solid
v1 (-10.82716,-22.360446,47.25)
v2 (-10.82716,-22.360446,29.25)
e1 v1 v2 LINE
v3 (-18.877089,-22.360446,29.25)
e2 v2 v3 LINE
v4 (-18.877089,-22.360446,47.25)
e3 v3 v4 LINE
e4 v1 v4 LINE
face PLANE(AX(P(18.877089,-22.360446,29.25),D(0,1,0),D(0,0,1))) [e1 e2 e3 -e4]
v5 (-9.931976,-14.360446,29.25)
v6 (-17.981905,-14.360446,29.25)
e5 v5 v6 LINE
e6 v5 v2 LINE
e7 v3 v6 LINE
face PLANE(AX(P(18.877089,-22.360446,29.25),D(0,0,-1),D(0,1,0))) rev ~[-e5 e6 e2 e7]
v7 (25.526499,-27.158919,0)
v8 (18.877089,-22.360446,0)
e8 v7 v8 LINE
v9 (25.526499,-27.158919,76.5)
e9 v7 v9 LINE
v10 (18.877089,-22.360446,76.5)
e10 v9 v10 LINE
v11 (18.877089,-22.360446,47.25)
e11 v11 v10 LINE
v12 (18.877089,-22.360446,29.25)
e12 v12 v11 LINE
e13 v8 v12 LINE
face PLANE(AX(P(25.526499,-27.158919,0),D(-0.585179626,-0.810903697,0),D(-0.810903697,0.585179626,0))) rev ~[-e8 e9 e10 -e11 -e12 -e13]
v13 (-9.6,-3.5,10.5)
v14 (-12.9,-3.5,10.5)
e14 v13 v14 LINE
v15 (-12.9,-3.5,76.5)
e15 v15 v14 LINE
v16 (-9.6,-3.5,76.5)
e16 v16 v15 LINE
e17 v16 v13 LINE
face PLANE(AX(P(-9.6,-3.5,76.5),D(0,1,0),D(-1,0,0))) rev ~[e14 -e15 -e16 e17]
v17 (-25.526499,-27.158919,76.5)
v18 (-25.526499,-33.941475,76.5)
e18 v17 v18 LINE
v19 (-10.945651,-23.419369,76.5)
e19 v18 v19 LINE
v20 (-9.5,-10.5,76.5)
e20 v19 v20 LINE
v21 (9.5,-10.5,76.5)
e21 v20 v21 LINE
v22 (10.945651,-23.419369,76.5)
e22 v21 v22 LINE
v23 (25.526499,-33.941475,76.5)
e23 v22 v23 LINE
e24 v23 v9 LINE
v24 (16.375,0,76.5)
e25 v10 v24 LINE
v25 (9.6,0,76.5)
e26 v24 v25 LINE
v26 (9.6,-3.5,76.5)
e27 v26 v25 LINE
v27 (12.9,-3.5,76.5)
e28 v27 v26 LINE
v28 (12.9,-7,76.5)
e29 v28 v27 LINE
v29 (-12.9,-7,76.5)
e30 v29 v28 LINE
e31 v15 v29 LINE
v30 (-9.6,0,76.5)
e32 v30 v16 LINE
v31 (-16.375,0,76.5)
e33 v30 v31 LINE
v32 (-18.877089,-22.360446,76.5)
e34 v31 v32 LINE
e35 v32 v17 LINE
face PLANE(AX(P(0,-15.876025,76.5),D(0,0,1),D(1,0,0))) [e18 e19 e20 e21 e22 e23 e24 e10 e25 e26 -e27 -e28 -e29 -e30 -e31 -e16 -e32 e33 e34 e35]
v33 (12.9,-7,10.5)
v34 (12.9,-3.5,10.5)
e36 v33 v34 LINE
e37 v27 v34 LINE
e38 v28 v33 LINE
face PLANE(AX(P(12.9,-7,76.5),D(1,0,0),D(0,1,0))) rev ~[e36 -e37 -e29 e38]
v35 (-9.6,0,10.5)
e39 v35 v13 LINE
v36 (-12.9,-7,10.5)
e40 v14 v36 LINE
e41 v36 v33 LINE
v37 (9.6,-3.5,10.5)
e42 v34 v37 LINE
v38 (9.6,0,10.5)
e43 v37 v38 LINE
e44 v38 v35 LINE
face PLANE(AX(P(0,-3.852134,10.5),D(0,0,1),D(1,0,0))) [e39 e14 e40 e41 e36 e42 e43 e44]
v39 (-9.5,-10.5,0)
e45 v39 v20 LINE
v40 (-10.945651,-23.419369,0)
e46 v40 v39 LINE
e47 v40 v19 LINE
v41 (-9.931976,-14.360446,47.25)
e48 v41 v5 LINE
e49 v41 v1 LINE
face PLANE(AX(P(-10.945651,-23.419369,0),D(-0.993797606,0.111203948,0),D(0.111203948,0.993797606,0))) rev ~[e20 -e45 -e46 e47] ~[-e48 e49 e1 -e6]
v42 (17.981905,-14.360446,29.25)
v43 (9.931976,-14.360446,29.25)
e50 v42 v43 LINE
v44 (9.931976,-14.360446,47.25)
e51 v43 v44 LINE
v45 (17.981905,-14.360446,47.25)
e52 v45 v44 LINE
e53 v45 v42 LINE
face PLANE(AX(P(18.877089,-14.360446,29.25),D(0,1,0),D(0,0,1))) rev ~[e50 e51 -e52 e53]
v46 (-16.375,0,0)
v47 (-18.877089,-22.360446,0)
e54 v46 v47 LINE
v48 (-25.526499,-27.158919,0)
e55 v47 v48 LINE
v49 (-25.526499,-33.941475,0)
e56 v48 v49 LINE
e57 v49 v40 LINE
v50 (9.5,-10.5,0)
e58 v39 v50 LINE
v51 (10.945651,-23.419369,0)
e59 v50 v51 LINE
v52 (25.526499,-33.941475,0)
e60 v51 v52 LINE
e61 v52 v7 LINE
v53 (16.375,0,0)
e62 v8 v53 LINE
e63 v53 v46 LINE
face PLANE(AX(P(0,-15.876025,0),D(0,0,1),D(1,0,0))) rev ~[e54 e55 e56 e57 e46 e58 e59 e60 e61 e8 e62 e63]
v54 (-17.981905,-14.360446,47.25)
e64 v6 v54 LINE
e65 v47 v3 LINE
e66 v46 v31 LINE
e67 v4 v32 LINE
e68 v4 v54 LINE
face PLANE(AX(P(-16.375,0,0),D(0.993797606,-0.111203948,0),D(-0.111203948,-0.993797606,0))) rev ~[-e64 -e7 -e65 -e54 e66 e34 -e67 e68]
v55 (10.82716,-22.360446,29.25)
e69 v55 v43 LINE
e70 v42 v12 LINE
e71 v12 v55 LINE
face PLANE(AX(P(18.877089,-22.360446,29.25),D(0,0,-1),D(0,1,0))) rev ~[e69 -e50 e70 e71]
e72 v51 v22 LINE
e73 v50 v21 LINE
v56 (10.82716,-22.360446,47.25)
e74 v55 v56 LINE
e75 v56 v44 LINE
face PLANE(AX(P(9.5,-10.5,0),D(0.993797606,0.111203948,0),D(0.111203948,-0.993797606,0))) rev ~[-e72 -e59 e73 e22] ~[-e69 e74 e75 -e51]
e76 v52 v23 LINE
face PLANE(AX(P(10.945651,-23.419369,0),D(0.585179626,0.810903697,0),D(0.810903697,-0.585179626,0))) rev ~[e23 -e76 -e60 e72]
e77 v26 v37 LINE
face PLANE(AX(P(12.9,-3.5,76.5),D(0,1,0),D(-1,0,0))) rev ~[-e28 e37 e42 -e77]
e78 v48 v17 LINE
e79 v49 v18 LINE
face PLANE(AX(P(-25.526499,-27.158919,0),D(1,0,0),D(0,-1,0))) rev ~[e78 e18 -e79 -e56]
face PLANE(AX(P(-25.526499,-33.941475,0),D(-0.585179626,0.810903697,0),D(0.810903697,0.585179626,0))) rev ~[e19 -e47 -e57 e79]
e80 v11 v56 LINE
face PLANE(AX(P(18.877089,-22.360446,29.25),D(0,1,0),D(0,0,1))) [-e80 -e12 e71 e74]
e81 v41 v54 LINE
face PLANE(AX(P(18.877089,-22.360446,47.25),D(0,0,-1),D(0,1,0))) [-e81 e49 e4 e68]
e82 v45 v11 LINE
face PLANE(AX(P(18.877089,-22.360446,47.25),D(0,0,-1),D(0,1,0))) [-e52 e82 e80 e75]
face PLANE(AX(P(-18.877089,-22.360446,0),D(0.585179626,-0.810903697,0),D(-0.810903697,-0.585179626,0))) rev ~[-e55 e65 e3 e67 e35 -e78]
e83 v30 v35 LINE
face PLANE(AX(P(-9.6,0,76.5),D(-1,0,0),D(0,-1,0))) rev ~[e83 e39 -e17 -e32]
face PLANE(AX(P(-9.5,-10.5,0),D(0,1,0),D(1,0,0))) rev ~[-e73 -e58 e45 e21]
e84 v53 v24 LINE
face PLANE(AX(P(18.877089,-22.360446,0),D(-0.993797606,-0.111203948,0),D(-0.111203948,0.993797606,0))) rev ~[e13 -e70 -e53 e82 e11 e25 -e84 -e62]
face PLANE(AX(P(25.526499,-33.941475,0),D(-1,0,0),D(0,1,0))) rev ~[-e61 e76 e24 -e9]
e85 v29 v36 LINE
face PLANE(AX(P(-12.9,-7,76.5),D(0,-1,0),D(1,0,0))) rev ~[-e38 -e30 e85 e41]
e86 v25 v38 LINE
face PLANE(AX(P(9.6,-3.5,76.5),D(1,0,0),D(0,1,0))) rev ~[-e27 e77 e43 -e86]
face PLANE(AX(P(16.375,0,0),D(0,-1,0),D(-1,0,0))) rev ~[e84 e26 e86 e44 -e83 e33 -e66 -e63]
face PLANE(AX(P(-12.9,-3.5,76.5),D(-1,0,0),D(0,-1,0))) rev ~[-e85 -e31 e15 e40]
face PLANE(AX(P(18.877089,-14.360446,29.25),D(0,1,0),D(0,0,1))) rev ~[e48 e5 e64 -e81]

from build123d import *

# Parameters (mm, degrees)
F1_DEPTH = 76.5
F3_DEPTH = 66
F5_W     = 8
F5_H     = 18
F6_DEPTH = 44.4045879922


with BuildPart() as f1:
    # F0 (on Top) → F1 (new body)
    with BuildSketch(Plane.XY):
        Polygon((18.8770888389, -22.3604461369), (16.375, 0), (0, 0), (-16.375, 0), (-18.8770888389, -22.3604461369), (-25.5264991533, -27.1589190681), (-25.5264991533, -33.9414753953), (-10.9456513292, -23.4193688791), (-9.5, -10.5), (0, -10.5), (9.5, -10.5), (10.9456513292, -23.4193688791), (25.5264991533, -33.9414753953), (25.5264991533, -27.1589190681), align=None)
    extrude(amount=F1_DEPTH)

    # F2 (on face) → F3 (cut)
    with BuildSketch(Plane.XY.offset(76.5)):
        Polygon((9.6, 0), (-9.6, 0), (-9.6, -3.5), (-12.9, -3.5), (-12.9, -7), (12.9, -7), (12.9, -3.5), (9.6, -3.5), align=None)
    extrude(amount=-F3_DEPTH, mode=Mode.SUBTRACT)

    # F5 (on plane+point) → F6 (cut, through all)
    with BuildSketch(Plane.YZ.offset(18.8770888389)):
        with Locations((-18.3604461369, 38.25)):
            Rectangle(F5_W, F5_H)
    extrude(amount=-F6_DEPTH, mode=Mode.SUBTRACT)


solid = f1.part
